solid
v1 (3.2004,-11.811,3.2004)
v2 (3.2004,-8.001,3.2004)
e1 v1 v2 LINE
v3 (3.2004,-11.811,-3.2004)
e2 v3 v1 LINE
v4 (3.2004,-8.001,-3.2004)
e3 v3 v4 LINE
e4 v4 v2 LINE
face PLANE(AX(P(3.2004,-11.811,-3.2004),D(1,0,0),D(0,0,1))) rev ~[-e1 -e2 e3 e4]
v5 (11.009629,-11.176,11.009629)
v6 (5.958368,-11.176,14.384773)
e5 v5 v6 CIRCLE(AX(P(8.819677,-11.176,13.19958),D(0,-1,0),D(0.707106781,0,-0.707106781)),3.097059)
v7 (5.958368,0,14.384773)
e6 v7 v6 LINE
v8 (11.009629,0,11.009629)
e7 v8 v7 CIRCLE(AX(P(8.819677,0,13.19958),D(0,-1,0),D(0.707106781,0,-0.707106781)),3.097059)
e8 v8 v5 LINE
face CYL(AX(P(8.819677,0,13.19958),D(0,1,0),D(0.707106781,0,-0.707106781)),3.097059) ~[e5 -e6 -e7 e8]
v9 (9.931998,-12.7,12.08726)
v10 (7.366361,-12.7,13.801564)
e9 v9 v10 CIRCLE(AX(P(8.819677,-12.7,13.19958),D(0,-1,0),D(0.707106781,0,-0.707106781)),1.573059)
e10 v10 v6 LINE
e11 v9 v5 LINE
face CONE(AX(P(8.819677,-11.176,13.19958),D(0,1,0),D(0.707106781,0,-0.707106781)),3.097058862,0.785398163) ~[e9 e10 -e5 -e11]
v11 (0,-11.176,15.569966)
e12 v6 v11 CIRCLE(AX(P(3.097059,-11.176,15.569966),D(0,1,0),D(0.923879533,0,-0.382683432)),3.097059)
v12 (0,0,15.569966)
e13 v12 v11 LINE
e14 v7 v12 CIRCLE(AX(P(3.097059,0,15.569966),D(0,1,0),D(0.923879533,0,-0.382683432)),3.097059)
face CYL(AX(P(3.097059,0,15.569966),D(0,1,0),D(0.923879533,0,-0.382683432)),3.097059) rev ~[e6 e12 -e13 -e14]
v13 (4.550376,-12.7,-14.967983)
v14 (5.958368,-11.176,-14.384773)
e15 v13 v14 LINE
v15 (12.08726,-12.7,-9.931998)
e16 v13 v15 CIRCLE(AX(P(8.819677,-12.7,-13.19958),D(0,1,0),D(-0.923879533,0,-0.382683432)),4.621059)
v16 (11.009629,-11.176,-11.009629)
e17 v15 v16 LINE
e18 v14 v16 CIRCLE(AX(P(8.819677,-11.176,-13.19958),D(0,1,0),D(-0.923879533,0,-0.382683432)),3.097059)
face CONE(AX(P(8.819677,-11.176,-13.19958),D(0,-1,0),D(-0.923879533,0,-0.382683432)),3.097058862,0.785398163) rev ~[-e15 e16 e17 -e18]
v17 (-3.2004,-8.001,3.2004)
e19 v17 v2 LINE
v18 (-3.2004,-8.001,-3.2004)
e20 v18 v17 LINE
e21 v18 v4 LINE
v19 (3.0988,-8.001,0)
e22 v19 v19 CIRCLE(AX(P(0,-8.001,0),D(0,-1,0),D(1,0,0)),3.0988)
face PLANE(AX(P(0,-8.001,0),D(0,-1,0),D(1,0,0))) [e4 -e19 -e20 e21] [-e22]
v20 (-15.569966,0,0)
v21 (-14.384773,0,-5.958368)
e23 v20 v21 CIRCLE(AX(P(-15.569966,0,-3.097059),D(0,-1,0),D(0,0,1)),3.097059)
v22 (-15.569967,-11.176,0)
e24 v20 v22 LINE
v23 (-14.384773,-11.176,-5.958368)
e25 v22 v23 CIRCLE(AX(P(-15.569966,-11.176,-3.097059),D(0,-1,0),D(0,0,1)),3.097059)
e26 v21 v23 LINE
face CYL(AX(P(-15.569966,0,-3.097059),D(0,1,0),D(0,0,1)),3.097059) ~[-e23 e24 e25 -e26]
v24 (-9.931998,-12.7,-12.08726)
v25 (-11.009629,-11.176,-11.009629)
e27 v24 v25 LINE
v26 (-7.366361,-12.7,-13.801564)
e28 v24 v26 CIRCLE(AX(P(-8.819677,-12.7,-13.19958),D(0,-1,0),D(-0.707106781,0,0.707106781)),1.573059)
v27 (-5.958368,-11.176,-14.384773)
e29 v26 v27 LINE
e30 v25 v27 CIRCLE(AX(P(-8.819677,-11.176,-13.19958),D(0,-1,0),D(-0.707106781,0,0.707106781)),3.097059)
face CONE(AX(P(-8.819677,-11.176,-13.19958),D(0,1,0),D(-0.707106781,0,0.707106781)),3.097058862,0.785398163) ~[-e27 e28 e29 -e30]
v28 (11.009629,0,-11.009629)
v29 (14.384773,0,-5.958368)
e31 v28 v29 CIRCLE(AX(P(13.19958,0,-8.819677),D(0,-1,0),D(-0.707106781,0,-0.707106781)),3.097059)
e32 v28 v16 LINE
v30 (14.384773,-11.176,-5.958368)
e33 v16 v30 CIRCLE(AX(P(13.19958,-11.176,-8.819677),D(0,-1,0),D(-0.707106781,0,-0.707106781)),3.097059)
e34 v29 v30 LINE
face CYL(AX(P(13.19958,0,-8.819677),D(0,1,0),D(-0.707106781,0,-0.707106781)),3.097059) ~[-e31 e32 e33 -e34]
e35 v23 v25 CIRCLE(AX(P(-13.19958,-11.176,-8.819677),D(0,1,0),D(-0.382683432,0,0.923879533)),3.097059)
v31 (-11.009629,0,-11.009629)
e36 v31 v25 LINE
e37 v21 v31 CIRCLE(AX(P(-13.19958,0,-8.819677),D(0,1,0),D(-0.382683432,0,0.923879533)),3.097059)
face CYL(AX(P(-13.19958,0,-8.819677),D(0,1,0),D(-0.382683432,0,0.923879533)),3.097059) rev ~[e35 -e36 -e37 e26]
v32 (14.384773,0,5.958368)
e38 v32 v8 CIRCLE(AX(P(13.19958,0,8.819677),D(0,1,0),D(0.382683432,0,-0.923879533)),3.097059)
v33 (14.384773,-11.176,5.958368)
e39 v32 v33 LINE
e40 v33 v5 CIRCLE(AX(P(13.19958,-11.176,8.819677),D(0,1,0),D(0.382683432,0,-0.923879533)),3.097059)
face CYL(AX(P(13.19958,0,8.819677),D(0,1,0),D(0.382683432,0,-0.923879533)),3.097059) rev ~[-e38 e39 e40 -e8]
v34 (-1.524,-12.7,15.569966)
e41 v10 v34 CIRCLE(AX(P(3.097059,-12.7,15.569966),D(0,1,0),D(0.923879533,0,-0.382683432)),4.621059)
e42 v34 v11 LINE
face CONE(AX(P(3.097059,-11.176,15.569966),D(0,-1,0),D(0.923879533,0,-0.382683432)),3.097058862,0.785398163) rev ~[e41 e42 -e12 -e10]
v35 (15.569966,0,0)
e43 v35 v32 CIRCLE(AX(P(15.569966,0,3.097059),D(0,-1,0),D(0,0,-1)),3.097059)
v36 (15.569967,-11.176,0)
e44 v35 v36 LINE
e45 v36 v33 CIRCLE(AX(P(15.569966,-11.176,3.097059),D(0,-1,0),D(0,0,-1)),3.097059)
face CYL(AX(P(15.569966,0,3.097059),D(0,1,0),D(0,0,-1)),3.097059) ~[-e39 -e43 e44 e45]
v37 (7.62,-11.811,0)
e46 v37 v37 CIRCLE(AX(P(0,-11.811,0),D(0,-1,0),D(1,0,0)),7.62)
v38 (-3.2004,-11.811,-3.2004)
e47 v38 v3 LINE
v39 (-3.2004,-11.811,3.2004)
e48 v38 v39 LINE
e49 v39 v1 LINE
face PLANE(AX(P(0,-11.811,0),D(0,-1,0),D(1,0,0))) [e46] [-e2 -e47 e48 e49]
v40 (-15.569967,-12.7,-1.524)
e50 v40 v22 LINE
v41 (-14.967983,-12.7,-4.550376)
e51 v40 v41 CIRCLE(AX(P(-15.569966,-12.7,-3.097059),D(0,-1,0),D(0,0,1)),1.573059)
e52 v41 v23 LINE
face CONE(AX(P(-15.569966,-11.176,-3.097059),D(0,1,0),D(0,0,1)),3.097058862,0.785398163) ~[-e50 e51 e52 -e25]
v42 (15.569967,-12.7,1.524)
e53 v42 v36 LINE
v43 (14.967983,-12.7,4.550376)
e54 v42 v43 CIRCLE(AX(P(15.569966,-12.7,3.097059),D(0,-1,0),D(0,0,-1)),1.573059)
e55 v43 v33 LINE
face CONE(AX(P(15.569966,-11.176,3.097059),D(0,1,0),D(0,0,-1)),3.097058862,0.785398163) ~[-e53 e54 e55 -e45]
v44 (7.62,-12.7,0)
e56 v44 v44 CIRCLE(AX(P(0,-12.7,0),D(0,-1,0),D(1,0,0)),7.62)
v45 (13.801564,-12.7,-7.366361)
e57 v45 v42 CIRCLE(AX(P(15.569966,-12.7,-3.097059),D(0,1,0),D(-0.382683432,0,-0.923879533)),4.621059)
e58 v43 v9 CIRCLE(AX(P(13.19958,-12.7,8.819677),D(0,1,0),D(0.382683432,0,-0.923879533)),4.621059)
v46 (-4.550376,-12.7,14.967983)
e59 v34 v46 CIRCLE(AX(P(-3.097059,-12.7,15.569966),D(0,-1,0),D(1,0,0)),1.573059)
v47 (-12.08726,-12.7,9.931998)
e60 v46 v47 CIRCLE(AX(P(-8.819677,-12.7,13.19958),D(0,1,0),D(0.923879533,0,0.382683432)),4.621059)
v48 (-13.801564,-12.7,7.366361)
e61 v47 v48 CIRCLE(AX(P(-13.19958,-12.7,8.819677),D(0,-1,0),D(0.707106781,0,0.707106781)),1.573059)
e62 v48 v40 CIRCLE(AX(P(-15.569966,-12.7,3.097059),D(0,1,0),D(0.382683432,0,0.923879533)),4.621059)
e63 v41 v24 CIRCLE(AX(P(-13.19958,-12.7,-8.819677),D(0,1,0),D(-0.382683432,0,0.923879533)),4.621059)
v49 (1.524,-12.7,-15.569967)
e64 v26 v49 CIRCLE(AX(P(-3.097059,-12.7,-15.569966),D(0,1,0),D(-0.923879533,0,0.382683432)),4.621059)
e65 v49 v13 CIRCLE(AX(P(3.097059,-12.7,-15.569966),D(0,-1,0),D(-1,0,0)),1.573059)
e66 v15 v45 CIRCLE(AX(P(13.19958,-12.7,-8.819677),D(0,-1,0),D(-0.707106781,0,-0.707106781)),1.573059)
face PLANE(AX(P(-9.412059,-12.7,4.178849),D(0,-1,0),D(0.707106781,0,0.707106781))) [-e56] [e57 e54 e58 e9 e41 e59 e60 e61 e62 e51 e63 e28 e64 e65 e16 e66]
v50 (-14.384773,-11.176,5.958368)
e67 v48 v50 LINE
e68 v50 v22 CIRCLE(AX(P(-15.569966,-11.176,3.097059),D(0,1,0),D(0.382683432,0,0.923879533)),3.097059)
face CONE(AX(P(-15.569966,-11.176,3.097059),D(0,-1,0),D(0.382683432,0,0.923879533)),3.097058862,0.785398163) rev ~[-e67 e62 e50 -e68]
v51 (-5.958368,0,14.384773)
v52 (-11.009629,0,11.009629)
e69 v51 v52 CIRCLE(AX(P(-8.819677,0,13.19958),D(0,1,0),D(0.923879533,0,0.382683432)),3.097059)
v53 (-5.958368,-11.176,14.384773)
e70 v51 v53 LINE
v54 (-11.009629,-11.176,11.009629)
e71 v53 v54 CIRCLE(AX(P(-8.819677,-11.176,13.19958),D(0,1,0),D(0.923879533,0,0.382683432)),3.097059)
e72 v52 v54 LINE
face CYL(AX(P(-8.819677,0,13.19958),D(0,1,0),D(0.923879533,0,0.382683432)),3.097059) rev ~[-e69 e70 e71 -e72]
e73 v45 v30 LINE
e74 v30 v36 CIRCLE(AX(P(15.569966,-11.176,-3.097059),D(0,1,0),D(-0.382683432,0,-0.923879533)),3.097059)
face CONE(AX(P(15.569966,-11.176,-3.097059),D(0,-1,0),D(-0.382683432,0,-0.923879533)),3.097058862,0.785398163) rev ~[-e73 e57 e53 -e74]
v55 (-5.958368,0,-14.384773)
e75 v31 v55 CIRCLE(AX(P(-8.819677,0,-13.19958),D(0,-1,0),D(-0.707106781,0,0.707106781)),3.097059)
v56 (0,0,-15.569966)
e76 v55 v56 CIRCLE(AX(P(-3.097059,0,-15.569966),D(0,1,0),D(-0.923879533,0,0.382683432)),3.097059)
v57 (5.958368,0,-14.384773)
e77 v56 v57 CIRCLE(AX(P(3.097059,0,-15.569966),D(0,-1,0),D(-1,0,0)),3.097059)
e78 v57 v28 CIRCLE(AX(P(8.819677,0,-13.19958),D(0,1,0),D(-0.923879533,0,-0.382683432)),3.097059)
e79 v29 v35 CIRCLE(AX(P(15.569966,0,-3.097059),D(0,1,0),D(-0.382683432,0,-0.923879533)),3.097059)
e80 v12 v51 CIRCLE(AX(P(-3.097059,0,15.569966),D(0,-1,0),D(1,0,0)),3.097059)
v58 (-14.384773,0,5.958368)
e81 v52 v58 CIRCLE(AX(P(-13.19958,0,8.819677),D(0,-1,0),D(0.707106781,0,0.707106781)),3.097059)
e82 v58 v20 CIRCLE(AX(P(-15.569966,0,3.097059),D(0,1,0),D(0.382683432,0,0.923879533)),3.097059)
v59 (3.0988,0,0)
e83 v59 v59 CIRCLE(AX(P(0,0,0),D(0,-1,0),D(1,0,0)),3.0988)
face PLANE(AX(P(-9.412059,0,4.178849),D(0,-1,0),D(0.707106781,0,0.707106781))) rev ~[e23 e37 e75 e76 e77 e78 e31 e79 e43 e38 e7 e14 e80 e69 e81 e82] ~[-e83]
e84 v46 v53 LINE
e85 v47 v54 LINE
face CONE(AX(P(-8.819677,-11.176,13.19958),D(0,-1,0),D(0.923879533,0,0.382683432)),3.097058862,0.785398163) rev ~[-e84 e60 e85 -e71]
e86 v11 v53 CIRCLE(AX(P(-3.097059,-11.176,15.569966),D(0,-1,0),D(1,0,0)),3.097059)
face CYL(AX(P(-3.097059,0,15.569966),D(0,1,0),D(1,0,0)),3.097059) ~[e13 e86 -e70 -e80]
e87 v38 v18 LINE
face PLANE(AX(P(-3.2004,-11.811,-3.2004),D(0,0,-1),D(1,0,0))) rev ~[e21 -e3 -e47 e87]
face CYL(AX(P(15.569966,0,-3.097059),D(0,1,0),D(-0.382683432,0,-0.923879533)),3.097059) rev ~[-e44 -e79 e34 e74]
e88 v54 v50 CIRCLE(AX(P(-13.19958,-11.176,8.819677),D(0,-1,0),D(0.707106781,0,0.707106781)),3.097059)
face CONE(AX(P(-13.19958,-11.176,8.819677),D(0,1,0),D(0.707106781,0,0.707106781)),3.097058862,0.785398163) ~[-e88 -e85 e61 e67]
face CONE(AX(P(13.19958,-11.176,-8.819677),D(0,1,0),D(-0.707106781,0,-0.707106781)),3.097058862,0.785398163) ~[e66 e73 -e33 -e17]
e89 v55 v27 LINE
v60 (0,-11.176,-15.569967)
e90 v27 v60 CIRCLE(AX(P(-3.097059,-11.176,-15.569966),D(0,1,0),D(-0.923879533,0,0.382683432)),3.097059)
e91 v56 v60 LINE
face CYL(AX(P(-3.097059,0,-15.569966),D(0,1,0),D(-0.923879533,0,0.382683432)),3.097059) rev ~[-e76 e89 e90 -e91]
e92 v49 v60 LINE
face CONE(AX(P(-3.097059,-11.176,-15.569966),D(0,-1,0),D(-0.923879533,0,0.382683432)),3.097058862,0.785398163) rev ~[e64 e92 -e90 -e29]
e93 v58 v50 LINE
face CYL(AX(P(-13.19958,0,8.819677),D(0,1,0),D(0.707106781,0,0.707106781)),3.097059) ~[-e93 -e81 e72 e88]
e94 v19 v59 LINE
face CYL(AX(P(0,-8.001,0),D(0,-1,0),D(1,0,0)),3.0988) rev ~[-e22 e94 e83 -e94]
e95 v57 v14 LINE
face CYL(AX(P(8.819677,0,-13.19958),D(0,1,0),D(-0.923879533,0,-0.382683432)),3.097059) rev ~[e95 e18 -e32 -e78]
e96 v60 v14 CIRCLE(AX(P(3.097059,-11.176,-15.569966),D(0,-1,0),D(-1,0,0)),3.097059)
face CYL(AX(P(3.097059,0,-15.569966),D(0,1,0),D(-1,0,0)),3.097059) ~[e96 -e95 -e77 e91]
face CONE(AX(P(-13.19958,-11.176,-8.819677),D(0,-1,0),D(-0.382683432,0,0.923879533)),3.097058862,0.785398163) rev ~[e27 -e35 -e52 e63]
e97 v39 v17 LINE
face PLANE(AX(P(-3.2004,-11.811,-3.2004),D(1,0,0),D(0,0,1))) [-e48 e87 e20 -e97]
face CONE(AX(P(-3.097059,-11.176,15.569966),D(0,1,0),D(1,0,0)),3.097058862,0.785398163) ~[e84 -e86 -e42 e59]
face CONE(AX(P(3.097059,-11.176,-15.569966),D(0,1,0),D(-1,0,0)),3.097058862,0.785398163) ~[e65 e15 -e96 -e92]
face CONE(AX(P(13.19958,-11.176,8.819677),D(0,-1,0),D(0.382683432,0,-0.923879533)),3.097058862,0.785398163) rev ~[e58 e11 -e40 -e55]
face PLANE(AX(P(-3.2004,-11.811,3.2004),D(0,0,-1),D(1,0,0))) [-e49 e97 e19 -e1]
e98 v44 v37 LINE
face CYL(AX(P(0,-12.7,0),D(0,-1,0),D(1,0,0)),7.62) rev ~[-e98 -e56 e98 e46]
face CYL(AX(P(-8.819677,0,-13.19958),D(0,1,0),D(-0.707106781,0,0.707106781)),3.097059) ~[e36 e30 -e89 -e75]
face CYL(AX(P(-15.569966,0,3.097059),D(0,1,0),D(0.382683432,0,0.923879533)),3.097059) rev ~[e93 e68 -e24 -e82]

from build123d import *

# Parameters (mm, degrees)
F1_DEPTH = 12.7
F2_COUNT = 8
F3_SIZE  = 1.524
F4_R     = 7.62
F5_DEPTH = 0.889
F6_W     = 6.4008
F6_H     = 6.4008
F7_DEPTH = 3.81
F8_R     = 3.0988
F9_DEPTH = 8.002


with BuildPart() as f1:
    # F0 (on Front) → F1 (new body)
    with BuildSketch(Plane.XZ):
        with BuildLine():
            Line((0, 0), (0, 15.5699663264))
            ThreePointArc((0, 15.5699663264), (-3.7012650727, 18.6075160708), (-5.9583681556, 14.3847732109))
            ThreePointArc((-5.9583681556, 14.3847732109), (-7.0990438342, 10.6244696981), (-11.00962894, 11.00962894))
            Line((-11.00962894, 11.00962894), (0, 0))
        make_face()
    extrude(amount=F1_DEPTH)

    # F2: F1 ×8 about axis
    f2_axis = Axis((0, -6.35, 0), (0, 1, 0))


with BuildPart() as f1_1:
    add(f1.part)
    for i in range(1, F2_COUNT):
        add(f1.part.rotate(f2_axis, i * 360 / F2_COUNT))

    # F3
    f3_edges = [f1_1.edges().sort_by_distance(p)[0] for p in [
        (-3.701265, -12.7, 18.607516),
    ]]
    chamfer(f3_edges, length=F3_SIZE)

    # F4 (on face) → F5 (cut)
    with BuildSketch(Plane.XZ.offset(12.7)):
        Circle(F4_R)
    extrude(amount=-F5_DEPTH, mode=Mode.SUBTRACT)

    # F6 (on face) → F7 (cut)
    with BuildSketch(Plane.XZ.offset(11.811)):
        Rectangle(F6_W, F6_H)
    extrude(amount=-F7_DEPTH, mode=Mode.SUBTRACT)

    # F8 (on face) → F9 (cut, through all)
    with BuildSketch(Plane.XZ.offset(8.001)):
        Circle(F8_R)
    extrude(amount=-F9_DEPTH, mode=Mode.SUBTRACT)


solid = f1_1.part
